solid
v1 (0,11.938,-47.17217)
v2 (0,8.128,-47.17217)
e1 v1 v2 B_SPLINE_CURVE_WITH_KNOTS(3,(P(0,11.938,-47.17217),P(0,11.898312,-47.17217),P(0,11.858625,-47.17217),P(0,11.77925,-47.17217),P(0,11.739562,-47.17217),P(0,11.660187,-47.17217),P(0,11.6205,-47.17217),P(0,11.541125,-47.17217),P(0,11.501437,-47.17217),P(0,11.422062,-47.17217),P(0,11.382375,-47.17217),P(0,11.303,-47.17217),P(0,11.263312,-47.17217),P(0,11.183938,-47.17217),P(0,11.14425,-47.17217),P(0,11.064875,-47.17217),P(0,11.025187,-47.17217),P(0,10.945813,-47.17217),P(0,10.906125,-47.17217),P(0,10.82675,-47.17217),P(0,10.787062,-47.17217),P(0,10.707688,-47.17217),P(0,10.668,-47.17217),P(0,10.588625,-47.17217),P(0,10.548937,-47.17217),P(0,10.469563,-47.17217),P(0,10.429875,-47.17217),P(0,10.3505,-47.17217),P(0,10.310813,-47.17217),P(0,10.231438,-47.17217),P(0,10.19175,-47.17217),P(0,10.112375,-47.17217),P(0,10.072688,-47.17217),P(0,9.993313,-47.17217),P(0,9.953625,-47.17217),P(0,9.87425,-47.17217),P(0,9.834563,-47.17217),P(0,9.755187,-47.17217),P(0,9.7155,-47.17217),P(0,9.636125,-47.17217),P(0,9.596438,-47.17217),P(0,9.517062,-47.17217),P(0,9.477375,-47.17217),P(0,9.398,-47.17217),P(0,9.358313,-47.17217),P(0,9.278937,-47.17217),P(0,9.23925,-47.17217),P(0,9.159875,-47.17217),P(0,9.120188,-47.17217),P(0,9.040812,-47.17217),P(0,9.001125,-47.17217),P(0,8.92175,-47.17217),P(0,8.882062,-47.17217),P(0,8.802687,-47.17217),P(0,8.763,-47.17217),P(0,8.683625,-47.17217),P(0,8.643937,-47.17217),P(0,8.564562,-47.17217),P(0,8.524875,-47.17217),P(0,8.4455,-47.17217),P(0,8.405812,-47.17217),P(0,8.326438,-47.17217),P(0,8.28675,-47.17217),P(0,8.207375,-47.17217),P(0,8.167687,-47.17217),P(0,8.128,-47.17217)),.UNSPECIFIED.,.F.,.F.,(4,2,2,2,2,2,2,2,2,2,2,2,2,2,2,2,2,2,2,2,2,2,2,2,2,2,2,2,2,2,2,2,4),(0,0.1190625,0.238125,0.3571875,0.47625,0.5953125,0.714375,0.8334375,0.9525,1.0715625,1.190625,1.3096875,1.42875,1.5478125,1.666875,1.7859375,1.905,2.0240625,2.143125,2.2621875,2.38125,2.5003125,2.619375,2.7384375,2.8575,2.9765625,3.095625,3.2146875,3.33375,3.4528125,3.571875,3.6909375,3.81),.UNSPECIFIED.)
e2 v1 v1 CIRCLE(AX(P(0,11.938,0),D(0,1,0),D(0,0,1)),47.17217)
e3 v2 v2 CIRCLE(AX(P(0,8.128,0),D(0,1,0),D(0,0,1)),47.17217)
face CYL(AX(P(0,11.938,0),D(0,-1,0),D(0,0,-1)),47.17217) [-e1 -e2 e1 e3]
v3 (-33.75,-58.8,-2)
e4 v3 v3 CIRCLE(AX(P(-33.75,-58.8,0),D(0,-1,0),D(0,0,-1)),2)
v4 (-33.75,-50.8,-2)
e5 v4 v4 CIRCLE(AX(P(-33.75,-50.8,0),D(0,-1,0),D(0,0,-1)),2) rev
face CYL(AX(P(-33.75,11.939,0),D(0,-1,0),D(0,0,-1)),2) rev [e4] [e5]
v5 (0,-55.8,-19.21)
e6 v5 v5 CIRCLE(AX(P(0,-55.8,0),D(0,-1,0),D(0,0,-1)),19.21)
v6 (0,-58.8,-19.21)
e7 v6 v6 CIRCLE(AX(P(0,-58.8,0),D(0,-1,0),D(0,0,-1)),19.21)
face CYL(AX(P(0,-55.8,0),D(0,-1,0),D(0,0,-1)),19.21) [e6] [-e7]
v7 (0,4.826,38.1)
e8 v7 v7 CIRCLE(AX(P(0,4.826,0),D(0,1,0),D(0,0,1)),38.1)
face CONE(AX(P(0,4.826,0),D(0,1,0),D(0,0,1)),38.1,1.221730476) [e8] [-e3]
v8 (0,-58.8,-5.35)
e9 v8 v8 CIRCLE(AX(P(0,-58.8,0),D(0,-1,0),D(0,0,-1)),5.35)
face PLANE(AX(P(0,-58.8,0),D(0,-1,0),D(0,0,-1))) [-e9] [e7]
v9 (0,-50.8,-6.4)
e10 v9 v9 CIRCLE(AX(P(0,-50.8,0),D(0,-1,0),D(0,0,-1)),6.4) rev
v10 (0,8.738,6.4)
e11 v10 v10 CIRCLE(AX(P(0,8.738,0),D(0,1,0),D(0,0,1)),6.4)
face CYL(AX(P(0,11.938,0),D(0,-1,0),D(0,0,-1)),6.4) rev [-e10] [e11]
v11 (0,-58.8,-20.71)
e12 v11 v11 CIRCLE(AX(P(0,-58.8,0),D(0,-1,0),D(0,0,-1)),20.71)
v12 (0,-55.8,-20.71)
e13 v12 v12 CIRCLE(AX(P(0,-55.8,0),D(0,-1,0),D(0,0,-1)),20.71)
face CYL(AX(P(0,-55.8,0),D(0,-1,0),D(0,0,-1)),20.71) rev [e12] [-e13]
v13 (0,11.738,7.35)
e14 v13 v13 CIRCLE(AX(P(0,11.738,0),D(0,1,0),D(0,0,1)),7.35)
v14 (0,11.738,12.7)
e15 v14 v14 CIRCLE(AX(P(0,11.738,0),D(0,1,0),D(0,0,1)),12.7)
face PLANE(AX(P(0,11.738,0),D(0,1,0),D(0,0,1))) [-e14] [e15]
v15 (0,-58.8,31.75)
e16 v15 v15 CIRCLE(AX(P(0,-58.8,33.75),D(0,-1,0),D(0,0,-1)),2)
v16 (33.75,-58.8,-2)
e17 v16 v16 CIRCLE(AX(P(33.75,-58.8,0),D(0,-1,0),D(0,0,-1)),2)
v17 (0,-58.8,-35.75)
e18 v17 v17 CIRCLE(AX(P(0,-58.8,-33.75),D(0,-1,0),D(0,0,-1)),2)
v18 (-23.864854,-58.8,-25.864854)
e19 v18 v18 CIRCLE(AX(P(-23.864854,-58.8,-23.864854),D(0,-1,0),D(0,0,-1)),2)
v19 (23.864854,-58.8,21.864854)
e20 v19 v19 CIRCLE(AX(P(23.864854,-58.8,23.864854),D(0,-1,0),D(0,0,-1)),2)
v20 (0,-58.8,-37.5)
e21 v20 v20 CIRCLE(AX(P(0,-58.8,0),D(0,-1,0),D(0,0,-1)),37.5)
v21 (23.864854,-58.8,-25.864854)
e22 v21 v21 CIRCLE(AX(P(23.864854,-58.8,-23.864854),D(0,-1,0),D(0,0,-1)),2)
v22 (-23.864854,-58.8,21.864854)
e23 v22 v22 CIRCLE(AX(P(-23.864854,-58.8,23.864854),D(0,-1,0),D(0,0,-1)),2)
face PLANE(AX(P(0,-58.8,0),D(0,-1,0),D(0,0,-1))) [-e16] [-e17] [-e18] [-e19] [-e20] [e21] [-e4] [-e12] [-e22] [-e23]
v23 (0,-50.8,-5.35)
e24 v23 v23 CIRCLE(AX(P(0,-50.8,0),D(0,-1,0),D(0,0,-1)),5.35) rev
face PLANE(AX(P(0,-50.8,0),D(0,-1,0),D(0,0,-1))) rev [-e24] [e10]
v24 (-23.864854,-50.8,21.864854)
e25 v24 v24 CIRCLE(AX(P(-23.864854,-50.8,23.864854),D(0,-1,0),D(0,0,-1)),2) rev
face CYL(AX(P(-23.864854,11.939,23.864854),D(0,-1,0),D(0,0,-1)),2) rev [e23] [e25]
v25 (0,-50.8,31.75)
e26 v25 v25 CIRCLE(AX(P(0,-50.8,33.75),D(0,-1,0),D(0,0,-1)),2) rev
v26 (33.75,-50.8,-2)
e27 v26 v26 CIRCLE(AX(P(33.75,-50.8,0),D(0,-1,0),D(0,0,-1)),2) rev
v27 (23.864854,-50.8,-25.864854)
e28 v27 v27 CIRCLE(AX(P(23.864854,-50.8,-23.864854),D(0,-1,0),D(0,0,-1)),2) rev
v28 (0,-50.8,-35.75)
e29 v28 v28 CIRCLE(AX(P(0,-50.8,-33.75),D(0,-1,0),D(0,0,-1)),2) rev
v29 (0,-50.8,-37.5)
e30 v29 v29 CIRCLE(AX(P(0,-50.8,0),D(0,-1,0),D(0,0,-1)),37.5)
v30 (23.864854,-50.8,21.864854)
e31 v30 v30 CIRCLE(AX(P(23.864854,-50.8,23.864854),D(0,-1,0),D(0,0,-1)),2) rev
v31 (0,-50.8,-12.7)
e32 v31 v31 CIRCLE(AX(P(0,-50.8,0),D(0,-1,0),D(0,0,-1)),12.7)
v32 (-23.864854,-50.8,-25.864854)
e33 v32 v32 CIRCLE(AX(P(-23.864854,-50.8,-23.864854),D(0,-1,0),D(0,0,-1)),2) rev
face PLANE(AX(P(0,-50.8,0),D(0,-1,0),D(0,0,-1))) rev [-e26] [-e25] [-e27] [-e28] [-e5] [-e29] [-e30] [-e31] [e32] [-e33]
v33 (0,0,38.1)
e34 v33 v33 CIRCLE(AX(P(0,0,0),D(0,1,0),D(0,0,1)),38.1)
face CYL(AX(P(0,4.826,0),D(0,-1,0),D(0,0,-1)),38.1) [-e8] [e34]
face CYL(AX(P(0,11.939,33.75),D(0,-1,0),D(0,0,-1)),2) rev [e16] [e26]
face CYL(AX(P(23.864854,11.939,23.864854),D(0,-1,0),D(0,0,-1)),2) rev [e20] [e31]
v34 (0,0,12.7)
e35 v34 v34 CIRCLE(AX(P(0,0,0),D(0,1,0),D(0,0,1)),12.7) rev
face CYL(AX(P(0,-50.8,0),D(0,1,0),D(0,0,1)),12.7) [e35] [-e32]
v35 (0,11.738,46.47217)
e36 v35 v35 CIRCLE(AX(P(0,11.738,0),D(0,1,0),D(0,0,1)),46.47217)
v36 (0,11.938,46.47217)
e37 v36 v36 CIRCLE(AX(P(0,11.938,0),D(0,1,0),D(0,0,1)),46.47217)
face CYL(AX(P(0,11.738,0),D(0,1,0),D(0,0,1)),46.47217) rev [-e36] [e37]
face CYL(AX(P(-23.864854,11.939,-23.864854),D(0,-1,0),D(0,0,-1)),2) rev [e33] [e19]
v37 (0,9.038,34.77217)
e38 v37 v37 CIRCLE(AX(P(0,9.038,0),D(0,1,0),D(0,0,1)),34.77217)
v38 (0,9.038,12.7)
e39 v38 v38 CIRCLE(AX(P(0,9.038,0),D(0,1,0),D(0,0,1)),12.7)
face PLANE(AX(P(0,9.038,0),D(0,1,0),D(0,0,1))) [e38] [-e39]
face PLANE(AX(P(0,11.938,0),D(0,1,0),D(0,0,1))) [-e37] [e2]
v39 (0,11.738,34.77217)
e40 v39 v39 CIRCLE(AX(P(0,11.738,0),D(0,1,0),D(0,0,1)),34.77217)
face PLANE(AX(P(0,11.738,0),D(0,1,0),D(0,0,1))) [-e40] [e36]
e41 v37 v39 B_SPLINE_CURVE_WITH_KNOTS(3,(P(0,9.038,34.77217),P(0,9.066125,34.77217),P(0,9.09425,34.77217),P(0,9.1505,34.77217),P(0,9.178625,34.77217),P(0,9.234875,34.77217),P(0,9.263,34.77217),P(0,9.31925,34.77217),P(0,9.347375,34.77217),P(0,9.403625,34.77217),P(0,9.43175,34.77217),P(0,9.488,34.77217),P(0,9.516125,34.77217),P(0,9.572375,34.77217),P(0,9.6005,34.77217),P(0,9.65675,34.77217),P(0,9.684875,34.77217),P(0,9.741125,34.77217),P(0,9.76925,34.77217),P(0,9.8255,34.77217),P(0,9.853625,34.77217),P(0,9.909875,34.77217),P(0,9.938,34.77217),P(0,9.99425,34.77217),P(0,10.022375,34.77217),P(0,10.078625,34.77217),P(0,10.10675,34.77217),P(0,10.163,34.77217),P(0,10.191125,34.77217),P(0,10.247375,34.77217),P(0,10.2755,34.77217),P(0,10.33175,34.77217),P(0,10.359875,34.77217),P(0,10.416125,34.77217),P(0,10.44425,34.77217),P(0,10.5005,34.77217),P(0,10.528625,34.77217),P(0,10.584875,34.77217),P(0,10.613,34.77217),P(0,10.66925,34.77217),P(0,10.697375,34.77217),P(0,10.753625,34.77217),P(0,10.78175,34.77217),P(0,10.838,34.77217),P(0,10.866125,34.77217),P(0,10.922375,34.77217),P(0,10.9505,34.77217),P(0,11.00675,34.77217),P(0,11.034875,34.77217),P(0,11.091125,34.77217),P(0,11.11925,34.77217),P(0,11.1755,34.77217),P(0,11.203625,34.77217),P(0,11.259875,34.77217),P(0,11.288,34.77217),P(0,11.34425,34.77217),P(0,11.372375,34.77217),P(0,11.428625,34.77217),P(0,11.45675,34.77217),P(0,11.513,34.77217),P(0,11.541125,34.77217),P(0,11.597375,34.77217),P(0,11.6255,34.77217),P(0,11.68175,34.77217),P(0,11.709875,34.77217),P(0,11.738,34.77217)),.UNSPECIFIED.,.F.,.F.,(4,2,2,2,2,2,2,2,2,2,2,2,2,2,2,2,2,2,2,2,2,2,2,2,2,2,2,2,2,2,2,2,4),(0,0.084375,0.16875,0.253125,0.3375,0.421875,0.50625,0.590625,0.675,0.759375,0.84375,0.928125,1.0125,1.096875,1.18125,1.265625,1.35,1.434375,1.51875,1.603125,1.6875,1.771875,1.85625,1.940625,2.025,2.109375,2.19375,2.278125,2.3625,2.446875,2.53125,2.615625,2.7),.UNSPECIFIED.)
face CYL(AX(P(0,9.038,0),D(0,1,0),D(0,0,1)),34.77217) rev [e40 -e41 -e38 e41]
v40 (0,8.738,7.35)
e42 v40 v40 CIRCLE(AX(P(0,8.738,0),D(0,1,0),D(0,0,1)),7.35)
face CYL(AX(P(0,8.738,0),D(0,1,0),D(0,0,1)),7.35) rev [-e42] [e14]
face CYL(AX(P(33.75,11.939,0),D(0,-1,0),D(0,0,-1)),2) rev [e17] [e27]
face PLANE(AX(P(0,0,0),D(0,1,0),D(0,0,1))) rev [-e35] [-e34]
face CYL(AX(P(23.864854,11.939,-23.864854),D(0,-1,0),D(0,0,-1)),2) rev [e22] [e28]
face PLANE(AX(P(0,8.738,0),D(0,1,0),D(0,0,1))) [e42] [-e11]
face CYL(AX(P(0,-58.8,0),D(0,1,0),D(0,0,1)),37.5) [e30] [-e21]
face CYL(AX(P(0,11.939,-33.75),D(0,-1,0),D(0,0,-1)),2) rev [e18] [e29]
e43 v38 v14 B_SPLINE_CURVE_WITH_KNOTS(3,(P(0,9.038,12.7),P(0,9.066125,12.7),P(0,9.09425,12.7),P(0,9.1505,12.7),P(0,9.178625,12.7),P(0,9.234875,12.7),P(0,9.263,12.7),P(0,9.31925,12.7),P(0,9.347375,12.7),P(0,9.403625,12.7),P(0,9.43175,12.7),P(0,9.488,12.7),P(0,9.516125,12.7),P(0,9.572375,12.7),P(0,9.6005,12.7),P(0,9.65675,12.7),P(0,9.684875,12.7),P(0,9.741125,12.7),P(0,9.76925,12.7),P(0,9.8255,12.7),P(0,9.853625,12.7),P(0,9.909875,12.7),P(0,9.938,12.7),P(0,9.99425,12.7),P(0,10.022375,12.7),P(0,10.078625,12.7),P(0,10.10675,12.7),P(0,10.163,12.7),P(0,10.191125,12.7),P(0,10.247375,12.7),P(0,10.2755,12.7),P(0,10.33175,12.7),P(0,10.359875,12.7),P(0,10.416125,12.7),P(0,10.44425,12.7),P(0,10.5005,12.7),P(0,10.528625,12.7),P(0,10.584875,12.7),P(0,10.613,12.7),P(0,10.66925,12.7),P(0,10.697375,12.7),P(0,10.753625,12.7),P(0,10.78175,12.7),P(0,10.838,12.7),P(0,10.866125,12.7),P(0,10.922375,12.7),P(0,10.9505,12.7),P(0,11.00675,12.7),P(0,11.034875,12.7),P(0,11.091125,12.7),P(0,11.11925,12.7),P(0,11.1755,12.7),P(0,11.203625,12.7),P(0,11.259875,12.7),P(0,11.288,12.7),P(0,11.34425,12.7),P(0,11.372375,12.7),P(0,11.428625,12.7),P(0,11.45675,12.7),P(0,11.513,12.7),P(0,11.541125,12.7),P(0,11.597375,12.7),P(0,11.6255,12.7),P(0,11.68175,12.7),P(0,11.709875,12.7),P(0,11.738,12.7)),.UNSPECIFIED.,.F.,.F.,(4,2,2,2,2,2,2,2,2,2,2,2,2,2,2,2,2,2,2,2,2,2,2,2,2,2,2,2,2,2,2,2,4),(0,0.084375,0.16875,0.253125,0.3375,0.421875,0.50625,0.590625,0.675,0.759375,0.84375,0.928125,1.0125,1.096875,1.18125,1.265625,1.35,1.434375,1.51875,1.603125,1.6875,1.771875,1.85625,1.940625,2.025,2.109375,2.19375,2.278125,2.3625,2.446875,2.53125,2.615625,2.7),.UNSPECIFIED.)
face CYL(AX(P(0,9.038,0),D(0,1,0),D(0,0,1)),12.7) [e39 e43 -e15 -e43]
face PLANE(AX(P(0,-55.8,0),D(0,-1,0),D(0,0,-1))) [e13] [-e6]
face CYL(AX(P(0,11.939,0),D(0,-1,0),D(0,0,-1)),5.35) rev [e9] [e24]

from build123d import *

# Parameters (mm, degrees)
SKETCH1_R           = 38.1
BOSS_EXTRUDE1_DEPTH = 4.826
SKETCH2_R           = 38.1
BOSS_EXTRUDE2_DEPTH = 3.302
BOSS_EXTRUDE2_DRAFT = -70
SKETCH3_R           = 47.172170439
BOSS_EXTRUDE3_DEPTH = 3.81
SKETCH4_R           = 46.472170439
CUT_EXTRUDE1_DEPTH  = 0.2
SKETCH6_R           = 34.772170439
SKETCH6_R_2         = 12.7
CUT_EXTRUDE2_DEPTH  = 2.7
SKETCH8_R           = 12.7
BOSS_EXTRUDE4_DEPTH = 50.8
SKETCH10_R          = 7.35
CUT_EXTRUDE5_DEPTH  = 3
SKETCH13_R          = 6.4
CUT_EXTRUDE9_DEPTH  = 92.577748235
SKETCH15_R          = 37.5
BOSS_EXTRUDE6_DEPTH = 8
CUT_EXTRUDE10_REACH = 99.233
SKETCH16_R          = 2
SKETCH16_R_2        = 5.35
SKETCH17_R          = 20.71
SKETCH17_R_2        = 19.21
CUT_EXTRUDE11_DEPTH = 3


with BuildPart() as part:
    # Sketch1 → Boss-Extrude1 (new body)
    with BuildSketch(Plane(origin=(0, 0, 0), x_dir=(1, 0, 0), z_dir=(0, 1, 0))):
        with Locations(Location((0, 0, 0), (0, 0, 270))):
            Circle(SKETCH1_R)
    extrude(amount=BOSS_EXTRUDE1_DEPTH)


with BuildPart() as boss_extrude2_tool:
    # Sketch2 → Boss-Extrude2 (with draft: the straight prism first)
    with BuildSketch(Plane(origin=(0, 4.826, 0), x_dir=(1, 0, 0), z_dir=(0, 1, 0))):
        with Locations(Location((0, 0, 0), (0, 0, 270))):
            Circle(SKETCH2_R)
    extrude(amount=BOSS_EXTRUDE2_DEPTH)
    # Boss-Extrude2: the draft: its side faces are tilted about the plane it starts from
    boss_extrude2_sides = [boss_extrude2_tool.faces().sort_by_distance(p)[0] for p in [
        (0, 6.477, -38.1),
    ]]
    draft(boss_extrude2_sides, Plane(origin=(0, 4.826, 0), x_dir=(1, 0, 0), z_dir=(0, 1, 0)), BOSS_EXTRUDE2_DRAFT)


with BuildPart() as part_1:
    add(part.part)

    # Boss-Extrude2: add boss_extrude2_tool
    add(boss_extrude2_tool.part)

    # Sketch3 → Boss-Extrude3 (add)
    with BuildSketch(Plane(origin=(0, 8.128, 0), x_dir=(1, 0, 0), z_dir=(0, 1, 0))):
        with Locations(Location((0, 0, 0), (0, 0, 90))):
            Circle(SKETCH3_R)
    extrude(amount=BOSS_EXTRUDE3_DEPTH)

    # Sketch4 → Cut-Extrude1 (cut)
    with BuildSketch(Plane(origin=(0, 11.938, 0), x_dir=(1, 0, 0), z_dir=(0, 1, 0))):
        with Locations(Location((0, 0, 0), (0, 0, 270))):
            Circle(SKETCH4_R)
    extrude(amount=-CUT_EXTRUDE1_DEPTH, mode=Mode.SUBTRACT)

    # Sketch6 → Cut-Extrude2 (cut)
    with BuildSketch(Plane(origin=(0, 11.738, 0), x_dir=(1, 0, 0), z_dir=(0, 1, 0))):
        with Locations(Location((0, 0, 0), (0, 0, 270))):
            Circle(SKETCH6_R)
        with Locations(Location((0, 0, 0), (0, 0, 270))):
            Circle(SKETCH6_R_2, mode=Mode.SUBTRACT)
    extrude(amount=-CUT_EXTRUDE2_DEPTH, mode=Mode.SUBTRACT)

    # Sketch8 → Boss-Extrude4 (add)
    with BuildSketch(Plane.XZ):
        with Locations(Location((0, 0, 0), (0, 0, 90))):
            Circle(SKETCH8_R)
    extrude(amount=BOSS_EXTRUDE4_DEPTH)

    # Sketch10 → Cut-Extrude5 (cut)
    with BuildSketch(Plane(origin=(0, 11.738, 0), x_dir=(1, 0, 0), z_dir=(0, 1, 0))):
        with Locations(Location((0, 0, 0), (0, 0, 270))):
            Circle(SKETCH10_R)
    extrude(amount=-CUT_EXTRUDE5_DEPTH, mode=Mode.SUBTRACT)

    # Sketch13 → Cut-Extrude9 (cut, through all)
    with BuildSketch(Plane(origin=(0, -50.8, 0), x_dir=(-1, 0, 0), z_dir=(0, -1, 0))):
        with Locations(Location((0, 0, 0), (0, 0, 90))):
            Circle(SKETCH13_R)
    extrude(amount=-CUT_EXTRUDE9_DEPTH, mode=Mode.SUBTRACT)

    # Sketch15 → Boss-Extrude6 (add)
    with BuildSketch(Plane.XZ.offset(50.8)):
        with Locations(Location((0, 0, 0), (0, 0, 270))):
            Circle(SKETCH15_R)
    extrude(amount=BOSS_EXTRUDE6_DEPTH)

    # Sketch16 → Cut-Extrude10 (cut, up to next)
    with BuildSketch(Plane.XZ.offset(58.8), mode=Mode.PRIVATE) as cut_extrude10_sk1:
        with Locations(Location((0, 33.75, 0), (0, 0, 270))):
            Circle(SKETCH16_R)
    cut_extrude10_tool1 = extrude(cut_extrude10_sk1.sketch, amount=-CUT_EXTRUDE10_REACH, mode=Mode.PRIVATE) & part_1.part
    # Sketch16 → Cut-Extrude10 (cut, up to next)
    with BuildSketch(Plane.XZ.offset(58.8), mode=Mode.PRIVATE) as cut_extrude10_sk2:
        with Locations(Location((23.864853865, 23.864853865, 0), (0, 0, 270))):
            Circle(SKETCH16_R)
    cut_extrude10_tool2 = extrude(cut_extrude10_sk2.sketch, amount=-CUT_EXTRUDE10_REACH, mode=Mode.PRIVATE) & part_1.part
    # Sketch16 → Cut-Extrude10 (cut, up to next)
    with BuildSketch(Plane.XZ.offset(58.8), mode=Mode.PRIVATE) as cut_extrude10_sk3:
        with Locations(Location((33.75, 0, 0), (0, 0, 270))):
            Circle(SKETCH16_R)
    cut_extrude10_tool3 = extrude(cut_extrude10_sk3.sketch, amount=-CUT_EXTRUDE10_REACH, mode=Mode.PRIVATE) & part_1.part
    # Sketch16 → Cut-Extrude10 (cut, up to next)
    with BuildSketch(Plane.XZ.offset(58.8), mode=Mode.PRIVATE) as cut_extrude10_sk4:
        with Locations(Location((23.864853865, -23.864853865, 0), (0, 0, 270))):
            Circle(SKETCH16_R)
    cut_extrude10_tool4 = extrude(cut_extrude10_sk4.sketch, amount=-CUT_EXTRUDE10_REACH, mode=Mode.PRIVATE) & part_1.part
    # Sketch16 → Cut-Extrude10 (cut, up to next)
    with BuildSketch(Plane.XZ.offset(58.8), mode=Mode.PRIVATE) as cut_extrude10_sk5:
        with Locations(Location((0, -33.75, 0), (0, 0, 270))):
            Circle(SKETCH16_R)
    cut_extrude10_tool5 = extrude(cut_extrude10_sk5.sketch, amount=-CUT_EXTRUDE10_REACH, mode=Mode.PRIVATE) & part_1.part
    # Sketch16 → Cut-Extrude10 (cut, up to next)
    with BuildSketch(Plane.XZ.offset(58.8), mode=Mode.PRIVATE) as cut_extrude10_sk6:
        with Locations(Location((-23.864853865, -23.864853865, 0), (0, 0, 270))):
            Circle(SKETCH16_R)
    cut_extrude10_tool6 = extrude(cut_extrude10_sk6.sketch, amount=-CUT_EXTRUDE10_REACH, mode=Mode.PRIVATE) & part_1.part
    # Sketch16 → Cut-Extrude10 (cut, up to next)
    with BuildSketch(Plane.XZ.offset(58.8), mode=Mode.PRIVATE) as cut_extrude10_sk7:
        with Locations(Location((-33.75, 0, 0), (0, 0, 270))):
            Circle(SKETCH16_R)
    cut_extrude10_tool7 = extrude(cut_extrude10_sk7.sketch, amount=-CUT_EXTRUDE10_REACH, mode=Mode.PRIVATE) & part_1.part
    # Sketch16 → Cut-Extrude10 (cut, up to next)
    with BuildSketch(Plane.XZ.offset(58.8), mode=Mode.PRIVATE) as cut_extrude10_sk8:
        with Locations(Location((-23.864853865, 23.864853865, 0), (0, 0, 270))):
            Circle(SKETCH16_R)
    cut_extrude10_tool8 = extrude(cut_extrude10_sk8.sketch, amount=-CUT_EXTRUDE10_REACH, mode=Mode.PRIVATE) & part_1.part
    # Sketch16 → Cut-Extrude10 (cut, up to next)
    with BuildSketch(Plane.XZ.offset(58.8), mode=Mode.PRIVATE) as cut_extrude10_sk9:
        with Locations(Location((0, 0, 0), (0, 0, 270))):
            Circle(SKETCH16_R_2)
    cut_extrude10_tool9 = extrude(cut_extrude10_sk9.sketch, amount=-CUT_EXTRUDE10_REACH, mode=Mode.PRIVATE) & part_1.part
    add(cut_extrude10_tool1.solids().sort_by_distance((0, -58.8, 33.75))[0], mode=Mode.SUBTRACT)
    add(cut_extrude10_tool2.solids().sort_by_distance((23.864854, -58.8, 23.864854))[0], mode=Mode.SUBTRACT)
    add(cut_extrude10_tool3.solids().sort_by_distance((33.75, -58.8, 0))[0], mode=Mode.SUBTRACT)
    add(cut_extrude10_tool4.solids().sort_by_distance((23.864854, -58.8, -23.864854))[0], mode=Mode.SUBTRACT)
    add(cut_extrude10_tool5.solids().sort_by_distance((0, -58.8, -33.75))[0], mode=Mode.SUBTRACT)
    add(cut_extrude10_tool6.solids().sort_by_distance((-23.864854, -58.8, -23.864854))[0], mode=Mode.SUBTRACT)
    add(cut_extrude10_tool7.solids().sort_by_distance((-33.75, -58.8, 0))[0], mode=Mode.SUBTRACT)
    add(cut_extrude10_tool8.solids().sort_by_distance((-23.864854, -58.8, 23.864854))[0], mode=Mode.SUBTRACT)
    add(cut_extrude10_tool9.solids().sort_by_distance((0, -58.8, 0))[0], mode=Mode.SUBTRACT)

    # Sketch17 → Cut-Extrude11 (cut)
    with BuildSketch(Plane.XZ.offset(58.8)):
        with Locations(Location((0, 0, 0), (0, 0, 270))):
            Circle(SKETCH17_R)
        with Locations(Location((0, 0, 0), (0, 0, 270))):
            Circle(SKETCH17_R_2, mode=Mode.SUBTRACT)
    extrude(amount=-CUT_EXTRUDE11_DEPTH, mode=Mode.SUBTRACT)


solid = part_1.part
